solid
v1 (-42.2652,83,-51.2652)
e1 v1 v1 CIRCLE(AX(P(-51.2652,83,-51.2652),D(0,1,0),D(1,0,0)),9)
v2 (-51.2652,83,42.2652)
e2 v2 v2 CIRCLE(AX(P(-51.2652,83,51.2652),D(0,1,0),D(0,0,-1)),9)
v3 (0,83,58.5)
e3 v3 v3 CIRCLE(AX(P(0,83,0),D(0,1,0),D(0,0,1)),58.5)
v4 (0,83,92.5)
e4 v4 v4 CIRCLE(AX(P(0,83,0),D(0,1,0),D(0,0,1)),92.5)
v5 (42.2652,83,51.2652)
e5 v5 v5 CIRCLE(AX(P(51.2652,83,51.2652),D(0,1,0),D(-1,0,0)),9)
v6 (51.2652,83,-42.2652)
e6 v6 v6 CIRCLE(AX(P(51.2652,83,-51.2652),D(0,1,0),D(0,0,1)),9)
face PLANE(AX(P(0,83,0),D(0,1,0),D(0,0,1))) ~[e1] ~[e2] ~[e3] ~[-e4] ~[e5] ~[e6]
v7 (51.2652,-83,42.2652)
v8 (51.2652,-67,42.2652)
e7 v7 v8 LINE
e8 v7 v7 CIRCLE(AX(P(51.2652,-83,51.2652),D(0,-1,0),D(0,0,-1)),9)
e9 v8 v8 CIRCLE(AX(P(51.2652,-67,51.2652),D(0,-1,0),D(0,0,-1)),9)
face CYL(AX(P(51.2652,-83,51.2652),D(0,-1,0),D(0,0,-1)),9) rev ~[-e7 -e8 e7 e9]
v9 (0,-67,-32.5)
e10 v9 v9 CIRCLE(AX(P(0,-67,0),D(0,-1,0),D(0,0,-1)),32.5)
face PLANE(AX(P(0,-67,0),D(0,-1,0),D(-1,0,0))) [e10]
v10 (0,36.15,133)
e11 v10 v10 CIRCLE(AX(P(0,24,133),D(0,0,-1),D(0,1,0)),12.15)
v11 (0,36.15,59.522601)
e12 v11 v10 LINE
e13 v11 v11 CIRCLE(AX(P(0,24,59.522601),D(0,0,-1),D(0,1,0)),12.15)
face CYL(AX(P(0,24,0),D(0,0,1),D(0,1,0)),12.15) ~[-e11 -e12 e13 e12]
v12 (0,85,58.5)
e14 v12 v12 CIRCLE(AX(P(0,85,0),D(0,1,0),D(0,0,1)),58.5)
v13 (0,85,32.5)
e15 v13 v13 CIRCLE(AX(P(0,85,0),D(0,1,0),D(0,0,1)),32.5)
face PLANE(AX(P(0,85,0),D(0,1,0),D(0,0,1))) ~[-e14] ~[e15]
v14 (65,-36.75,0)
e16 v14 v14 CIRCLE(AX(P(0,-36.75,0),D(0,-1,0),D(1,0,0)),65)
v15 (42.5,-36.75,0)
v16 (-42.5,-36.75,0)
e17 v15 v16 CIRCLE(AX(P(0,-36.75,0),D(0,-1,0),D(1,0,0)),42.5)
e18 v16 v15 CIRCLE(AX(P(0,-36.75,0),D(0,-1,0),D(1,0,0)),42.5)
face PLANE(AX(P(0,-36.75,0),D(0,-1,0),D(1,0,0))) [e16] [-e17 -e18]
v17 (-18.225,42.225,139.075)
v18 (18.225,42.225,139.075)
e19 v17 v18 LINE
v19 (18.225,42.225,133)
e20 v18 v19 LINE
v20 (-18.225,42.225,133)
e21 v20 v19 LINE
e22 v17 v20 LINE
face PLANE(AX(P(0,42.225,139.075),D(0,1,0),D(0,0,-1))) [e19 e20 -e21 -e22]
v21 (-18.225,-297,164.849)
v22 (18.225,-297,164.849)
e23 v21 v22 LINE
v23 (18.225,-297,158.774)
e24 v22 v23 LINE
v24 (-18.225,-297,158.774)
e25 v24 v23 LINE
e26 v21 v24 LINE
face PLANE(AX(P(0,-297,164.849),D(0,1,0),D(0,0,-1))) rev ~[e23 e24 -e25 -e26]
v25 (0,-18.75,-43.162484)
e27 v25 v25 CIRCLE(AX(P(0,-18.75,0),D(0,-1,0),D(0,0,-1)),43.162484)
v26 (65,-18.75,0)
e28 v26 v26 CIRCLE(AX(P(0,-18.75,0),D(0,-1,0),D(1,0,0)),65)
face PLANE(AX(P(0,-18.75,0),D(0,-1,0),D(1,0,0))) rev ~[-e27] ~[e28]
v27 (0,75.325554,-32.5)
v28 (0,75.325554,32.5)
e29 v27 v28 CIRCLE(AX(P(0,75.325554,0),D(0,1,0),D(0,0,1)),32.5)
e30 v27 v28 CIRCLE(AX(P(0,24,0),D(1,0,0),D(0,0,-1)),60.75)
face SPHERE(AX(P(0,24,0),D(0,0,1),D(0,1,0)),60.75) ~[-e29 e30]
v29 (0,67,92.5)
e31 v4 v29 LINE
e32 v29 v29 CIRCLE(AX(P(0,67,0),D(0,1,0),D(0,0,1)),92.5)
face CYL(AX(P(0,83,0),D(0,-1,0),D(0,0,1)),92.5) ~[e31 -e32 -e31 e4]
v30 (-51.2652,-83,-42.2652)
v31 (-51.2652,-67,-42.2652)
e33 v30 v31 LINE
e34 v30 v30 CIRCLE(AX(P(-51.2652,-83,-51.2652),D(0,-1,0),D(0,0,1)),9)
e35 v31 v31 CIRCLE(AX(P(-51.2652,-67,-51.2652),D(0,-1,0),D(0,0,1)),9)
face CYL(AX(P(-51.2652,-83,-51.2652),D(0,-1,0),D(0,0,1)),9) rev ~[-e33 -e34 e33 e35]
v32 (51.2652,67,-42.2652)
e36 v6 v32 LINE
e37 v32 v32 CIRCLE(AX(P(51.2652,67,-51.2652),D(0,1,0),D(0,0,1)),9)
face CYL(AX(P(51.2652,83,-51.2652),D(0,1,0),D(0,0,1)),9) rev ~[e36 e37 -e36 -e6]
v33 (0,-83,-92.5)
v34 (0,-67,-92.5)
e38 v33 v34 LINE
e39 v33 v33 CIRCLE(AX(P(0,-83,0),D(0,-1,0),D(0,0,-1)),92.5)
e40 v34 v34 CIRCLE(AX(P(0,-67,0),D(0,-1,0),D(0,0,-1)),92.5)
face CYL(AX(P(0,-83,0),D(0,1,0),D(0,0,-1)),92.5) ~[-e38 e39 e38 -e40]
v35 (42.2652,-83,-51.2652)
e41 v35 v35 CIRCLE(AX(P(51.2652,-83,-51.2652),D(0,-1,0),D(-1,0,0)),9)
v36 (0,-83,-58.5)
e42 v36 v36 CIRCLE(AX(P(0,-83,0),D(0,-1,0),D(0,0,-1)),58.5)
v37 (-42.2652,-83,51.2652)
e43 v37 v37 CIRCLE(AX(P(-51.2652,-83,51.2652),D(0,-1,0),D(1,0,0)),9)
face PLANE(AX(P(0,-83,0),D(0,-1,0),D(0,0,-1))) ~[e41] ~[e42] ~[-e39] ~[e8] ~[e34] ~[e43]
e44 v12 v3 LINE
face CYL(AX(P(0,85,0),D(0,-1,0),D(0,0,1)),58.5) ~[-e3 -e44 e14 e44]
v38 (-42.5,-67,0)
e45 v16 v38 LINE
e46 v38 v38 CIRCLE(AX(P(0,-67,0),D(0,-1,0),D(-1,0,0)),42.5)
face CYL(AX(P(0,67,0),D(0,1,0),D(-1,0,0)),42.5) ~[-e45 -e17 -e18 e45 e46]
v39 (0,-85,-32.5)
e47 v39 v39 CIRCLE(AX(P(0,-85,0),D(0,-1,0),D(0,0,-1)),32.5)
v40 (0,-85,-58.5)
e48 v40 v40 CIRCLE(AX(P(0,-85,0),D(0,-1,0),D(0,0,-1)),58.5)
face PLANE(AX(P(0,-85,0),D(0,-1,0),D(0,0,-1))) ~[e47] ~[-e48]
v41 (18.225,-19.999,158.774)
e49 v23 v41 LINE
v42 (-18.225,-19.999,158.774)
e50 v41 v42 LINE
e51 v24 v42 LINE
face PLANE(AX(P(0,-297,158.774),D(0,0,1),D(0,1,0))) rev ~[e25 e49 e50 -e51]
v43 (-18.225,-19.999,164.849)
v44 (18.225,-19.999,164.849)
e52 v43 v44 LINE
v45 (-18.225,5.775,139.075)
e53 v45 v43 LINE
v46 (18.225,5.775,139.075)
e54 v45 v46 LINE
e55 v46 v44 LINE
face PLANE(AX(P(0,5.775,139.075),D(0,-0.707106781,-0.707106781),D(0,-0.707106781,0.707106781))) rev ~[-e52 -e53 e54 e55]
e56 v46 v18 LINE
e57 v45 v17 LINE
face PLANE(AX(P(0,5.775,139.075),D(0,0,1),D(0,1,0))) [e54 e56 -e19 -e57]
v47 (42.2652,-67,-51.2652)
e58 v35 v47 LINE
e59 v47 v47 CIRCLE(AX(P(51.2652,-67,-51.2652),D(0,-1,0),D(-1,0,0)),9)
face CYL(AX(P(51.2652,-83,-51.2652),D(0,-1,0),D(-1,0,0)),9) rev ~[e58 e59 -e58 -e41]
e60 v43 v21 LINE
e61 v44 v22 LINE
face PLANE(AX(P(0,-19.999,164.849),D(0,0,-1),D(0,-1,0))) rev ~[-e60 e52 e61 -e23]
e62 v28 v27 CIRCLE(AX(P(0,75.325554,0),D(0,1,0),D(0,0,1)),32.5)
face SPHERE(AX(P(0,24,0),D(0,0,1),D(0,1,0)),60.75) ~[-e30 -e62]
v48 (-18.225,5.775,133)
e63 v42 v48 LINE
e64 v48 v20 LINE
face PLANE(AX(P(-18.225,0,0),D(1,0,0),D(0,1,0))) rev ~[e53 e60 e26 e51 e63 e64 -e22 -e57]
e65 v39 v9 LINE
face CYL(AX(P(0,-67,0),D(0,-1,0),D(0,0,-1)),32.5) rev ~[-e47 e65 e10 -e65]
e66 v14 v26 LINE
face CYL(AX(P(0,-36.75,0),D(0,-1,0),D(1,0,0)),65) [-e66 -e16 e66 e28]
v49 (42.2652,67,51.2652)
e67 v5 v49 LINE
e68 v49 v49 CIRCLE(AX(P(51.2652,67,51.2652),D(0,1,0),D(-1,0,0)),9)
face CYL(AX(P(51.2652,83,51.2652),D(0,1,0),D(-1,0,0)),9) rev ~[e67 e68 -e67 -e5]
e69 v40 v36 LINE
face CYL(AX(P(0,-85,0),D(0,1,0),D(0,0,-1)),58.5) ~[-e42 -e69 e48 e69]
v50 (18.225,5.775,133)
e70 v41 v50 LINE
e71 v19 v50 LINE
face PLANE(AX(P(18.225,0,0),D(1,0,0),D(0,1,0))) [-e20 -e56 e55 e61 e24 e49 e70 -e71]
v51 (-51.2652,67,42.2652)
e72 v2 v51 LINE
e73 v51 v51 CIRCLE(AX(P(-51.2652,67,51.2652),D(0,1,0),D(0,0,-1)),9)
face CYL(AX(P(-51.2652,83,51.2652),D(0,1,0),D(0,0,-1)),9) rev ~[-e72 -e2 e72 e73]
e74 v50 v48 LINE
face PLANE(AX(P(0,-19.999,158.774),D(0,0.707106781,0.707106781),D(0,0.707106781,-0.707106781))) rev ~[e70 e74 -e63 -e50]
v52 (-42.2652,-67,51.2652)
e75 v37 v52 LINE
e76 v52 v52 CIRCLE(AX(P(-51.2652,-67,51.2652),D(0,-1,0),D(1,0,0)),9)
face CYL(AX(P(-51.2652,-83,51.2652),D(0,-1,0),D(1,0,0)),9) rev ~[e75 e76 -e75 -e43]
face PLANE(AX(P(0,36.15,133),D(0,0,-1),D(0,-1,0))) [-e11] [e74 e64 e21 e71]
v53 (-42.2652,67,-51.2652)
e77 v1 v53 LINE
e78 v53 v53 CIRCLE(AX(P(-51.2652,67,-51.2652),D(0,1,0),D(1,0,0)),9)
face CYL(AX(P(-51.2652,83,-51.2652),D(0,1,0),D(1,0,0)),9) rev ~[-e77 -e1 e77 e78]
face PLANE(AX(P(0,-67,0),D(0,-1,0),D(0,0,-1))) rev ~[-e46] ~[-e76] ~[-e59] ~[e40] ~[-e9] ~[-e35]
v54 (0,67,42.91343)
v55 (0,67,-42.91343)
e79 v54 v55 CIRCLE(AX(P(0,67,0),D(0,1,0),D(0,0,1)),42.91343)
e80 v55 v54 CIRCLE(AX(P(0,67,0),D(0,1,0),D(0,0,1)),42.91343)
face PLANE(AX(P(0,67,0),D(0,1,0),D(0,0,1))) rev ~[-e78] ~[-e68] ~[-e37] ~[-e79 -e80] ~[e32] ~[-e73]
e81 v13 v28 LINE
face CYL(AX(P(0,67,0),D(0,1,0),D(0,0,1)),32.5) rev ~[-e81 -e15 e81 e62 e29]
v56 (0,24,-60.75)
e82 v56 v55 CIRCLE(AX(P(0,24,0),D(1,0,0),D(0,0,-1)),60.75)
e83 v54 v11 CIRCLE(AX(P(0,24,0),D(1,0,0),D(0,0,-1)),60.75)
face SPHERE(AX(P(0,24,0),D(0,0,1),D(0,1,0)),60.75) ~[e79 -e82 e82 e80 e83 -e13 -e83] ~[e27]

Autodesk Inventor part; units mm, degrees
ref_plane "YZ Plane" through (0, 0, 0) normal (1, 0, 0) x (0, 1, 0)
ref_plane "XZ Plane" through (0, 0, 0) normal (0, 1, 0) x (-1, 0, 0)
sketch "Sketch1" plane through (0, 0, 0) normal (1, 0, 0) x (0, 1, 0)
  line L0 (67, 32.5) -> (83, 32.5)
  line L1 (83, 32.5) -> (83, 92.5)
  line L2 (83, 92.5) -> (67, 92.5)
  line L3 (67, 92.5) -> (67, 32.5)
  line L4 (83, 32.5) -> (85, 32.5)
  line L5 (85, 32.5) -> (85, 58.5)
  line L6 (85, 58.5) -> (83, 58.5)
  line L7 (83, 58.5) -> (83, 32.5)
  line L8 (-85, 0) -> (85, 0) construction
  line L9 (85, 0) -> (67, 0) construction
  line L10 (0, 0) -> (0, 98.124) construction
  line L11 (-85, 0) -> (-67, 0) construction
  line L12 (0, 0) -> (-17.7833, 0)
  dimension "Lenght" = 170
  dimension "DN" = 65
  dimension "FlgDia" = 185
  dimension "FlgThck" = 18
  dimension "GsktFace" = 117
  dimension "Face" = 2
revolve "Revolution1" add sketch "Sketch1" angle 360 about axis through (0, -85, 0) along (0, 1, 0)
sketch "Sketch5" plane through (0, 83, 0) normal (0, 1, 0) x (1, 0, 0)
  line L0 (0, 0) -> (-51.2652, 51.2652)
  line L1 (0, 0) -> (0, 103.939) construction
  circle A0 centre (-51.2652, 51.2652) radius 9
  point P0 (0, 0)
  dimension "d16" = 72.5
  dimension "d17" = 45
  dimension "d18" = 18
extrude "Extrusion2" cut sketch "Sketch5" against normal through all
pattern_circular "Circular Pattern1" count 4 over 360 about axis through (0, 84, 0) along (0, 1, 0) of "Extrusion2"
sketch "Sketch14" plane through (0, 67, 0) normal (0, -1, 0) x (-1, 0, 0)
  circle A0 centre (0, 0) radius 32.5 projected
  circle A1 centre (0, 0) radius 42.5
  dimension "d54" = 10
pattern_circular "Circular Pattern2" count 2 over 360 about axis through (-10, 0, 0) along (1, 0, 0) of "Revolution1", "Extrusion2", "Circular Pattern1"
extrude "Extrusion5" add sketch "Sketch14" along normal up to surface (134 mm away) contours A0 | A1
sketch "Sketch20" plane through (0, 0, 0) normal (1, 0, 0) x (0, 1, 0)
  line L0 (24, -60.75) -> (24, 60.75)
  arc A0 (24, -60.75) -> (24, 60.75) centre (24, 0) ccw
  line L1 (85, -67.3299) -> (85, 28.8182)
  line L2 (24, 0) -> (36.15, 0)
  line L3 (36.15, 0) -> (36.15, 133)
  line L4 (36.15, 133) -> (24, 133)
  line L5 (24, 133) -> (24, 0)
  line L6 (42.225, 133) -> (5.775, 133)
  line L7 (5.775, 133) -> (5.775, 139.075)
  line L8 (5.775, 139.075) -> (42.225, 139.075)
  line L9 (42.225, 139.075) -> (42.225, 133)
  line L10 (-19.999, 164.849) -> (-297, 164.849)
  line L11 (-297, 164.849) -> (-297, 158.774)
  line L12 (-297, 158.774) -> (-19.999, 158.774)
  line L13 (-19.999, 158.774) -> (-19.999, 164.849)
  line L14 (-19.999, 158.774) -> (5.775, 133)
  line L15 (5.775, 139.075) -> (-19.999, 164.849)
  line L16 (67, -42.5) -> (67, 42.5) projected
  line L17 (-67, 42.5) -> (-67, -42.5) projected
  line L18 (85, -32.5) -> (85, 32.5) projected
  line L19 (85, -58.5) -> (85, 58.5) projected
  point P0 (0, 0)
  point P1 (24, -8.4077)
  point P2 (24, -8.4077)
  point P3 (85, -67.3299)
  point P4 (85, 28.8182)
  dimension "d78" = 121.5
  dimension "oI" = 61
  dimension "oH" = 133
  dimension "d81" = 12.15
  dimension "d85" = 135
  dimension "d86" = 6.075
  dimension "d87" = 6.075
  dimension "oW" = 321
  dimension "d89" = 36.45
revolve "Revolution5" add sketch "Sketch20" angle 360 about axis through (0, 24, 133) along (0, 0, -1) contours L0 L2 L3 A0 | L0 A0 L3 L2 | A0 L5 L4 L3
extrude "Extrusion8" add sketch "Sketch20" along normal mid plane 36.45 contours L4 L6 L7 L8 L9 | L14 L13 L15 L7 | L12 L11 L10 L13
ref_plane "Work Plane1" through (0, -36.75, 0) normal (0, -1, 0) x (1, 0, 0)
sketch "Sketch21" plane through (0, -36.75, 0) normal (0, -1, 0) x (1, 0, 0)
  circle A0 centre (0, 0) radius 42.5 projected
  circle A1 centre (0, 0) radius 65
  point P0 (0, 0)
  dimension "d92" = 130
extrude "Extrusion9" add sketch "Sketch21" against normal blind 18
equation "\"d16\" = 0.5 * KDia"
equation "\"KDia\" = 145"
properties part number "BALL VALVE FLANGED DN65" material "S235"
